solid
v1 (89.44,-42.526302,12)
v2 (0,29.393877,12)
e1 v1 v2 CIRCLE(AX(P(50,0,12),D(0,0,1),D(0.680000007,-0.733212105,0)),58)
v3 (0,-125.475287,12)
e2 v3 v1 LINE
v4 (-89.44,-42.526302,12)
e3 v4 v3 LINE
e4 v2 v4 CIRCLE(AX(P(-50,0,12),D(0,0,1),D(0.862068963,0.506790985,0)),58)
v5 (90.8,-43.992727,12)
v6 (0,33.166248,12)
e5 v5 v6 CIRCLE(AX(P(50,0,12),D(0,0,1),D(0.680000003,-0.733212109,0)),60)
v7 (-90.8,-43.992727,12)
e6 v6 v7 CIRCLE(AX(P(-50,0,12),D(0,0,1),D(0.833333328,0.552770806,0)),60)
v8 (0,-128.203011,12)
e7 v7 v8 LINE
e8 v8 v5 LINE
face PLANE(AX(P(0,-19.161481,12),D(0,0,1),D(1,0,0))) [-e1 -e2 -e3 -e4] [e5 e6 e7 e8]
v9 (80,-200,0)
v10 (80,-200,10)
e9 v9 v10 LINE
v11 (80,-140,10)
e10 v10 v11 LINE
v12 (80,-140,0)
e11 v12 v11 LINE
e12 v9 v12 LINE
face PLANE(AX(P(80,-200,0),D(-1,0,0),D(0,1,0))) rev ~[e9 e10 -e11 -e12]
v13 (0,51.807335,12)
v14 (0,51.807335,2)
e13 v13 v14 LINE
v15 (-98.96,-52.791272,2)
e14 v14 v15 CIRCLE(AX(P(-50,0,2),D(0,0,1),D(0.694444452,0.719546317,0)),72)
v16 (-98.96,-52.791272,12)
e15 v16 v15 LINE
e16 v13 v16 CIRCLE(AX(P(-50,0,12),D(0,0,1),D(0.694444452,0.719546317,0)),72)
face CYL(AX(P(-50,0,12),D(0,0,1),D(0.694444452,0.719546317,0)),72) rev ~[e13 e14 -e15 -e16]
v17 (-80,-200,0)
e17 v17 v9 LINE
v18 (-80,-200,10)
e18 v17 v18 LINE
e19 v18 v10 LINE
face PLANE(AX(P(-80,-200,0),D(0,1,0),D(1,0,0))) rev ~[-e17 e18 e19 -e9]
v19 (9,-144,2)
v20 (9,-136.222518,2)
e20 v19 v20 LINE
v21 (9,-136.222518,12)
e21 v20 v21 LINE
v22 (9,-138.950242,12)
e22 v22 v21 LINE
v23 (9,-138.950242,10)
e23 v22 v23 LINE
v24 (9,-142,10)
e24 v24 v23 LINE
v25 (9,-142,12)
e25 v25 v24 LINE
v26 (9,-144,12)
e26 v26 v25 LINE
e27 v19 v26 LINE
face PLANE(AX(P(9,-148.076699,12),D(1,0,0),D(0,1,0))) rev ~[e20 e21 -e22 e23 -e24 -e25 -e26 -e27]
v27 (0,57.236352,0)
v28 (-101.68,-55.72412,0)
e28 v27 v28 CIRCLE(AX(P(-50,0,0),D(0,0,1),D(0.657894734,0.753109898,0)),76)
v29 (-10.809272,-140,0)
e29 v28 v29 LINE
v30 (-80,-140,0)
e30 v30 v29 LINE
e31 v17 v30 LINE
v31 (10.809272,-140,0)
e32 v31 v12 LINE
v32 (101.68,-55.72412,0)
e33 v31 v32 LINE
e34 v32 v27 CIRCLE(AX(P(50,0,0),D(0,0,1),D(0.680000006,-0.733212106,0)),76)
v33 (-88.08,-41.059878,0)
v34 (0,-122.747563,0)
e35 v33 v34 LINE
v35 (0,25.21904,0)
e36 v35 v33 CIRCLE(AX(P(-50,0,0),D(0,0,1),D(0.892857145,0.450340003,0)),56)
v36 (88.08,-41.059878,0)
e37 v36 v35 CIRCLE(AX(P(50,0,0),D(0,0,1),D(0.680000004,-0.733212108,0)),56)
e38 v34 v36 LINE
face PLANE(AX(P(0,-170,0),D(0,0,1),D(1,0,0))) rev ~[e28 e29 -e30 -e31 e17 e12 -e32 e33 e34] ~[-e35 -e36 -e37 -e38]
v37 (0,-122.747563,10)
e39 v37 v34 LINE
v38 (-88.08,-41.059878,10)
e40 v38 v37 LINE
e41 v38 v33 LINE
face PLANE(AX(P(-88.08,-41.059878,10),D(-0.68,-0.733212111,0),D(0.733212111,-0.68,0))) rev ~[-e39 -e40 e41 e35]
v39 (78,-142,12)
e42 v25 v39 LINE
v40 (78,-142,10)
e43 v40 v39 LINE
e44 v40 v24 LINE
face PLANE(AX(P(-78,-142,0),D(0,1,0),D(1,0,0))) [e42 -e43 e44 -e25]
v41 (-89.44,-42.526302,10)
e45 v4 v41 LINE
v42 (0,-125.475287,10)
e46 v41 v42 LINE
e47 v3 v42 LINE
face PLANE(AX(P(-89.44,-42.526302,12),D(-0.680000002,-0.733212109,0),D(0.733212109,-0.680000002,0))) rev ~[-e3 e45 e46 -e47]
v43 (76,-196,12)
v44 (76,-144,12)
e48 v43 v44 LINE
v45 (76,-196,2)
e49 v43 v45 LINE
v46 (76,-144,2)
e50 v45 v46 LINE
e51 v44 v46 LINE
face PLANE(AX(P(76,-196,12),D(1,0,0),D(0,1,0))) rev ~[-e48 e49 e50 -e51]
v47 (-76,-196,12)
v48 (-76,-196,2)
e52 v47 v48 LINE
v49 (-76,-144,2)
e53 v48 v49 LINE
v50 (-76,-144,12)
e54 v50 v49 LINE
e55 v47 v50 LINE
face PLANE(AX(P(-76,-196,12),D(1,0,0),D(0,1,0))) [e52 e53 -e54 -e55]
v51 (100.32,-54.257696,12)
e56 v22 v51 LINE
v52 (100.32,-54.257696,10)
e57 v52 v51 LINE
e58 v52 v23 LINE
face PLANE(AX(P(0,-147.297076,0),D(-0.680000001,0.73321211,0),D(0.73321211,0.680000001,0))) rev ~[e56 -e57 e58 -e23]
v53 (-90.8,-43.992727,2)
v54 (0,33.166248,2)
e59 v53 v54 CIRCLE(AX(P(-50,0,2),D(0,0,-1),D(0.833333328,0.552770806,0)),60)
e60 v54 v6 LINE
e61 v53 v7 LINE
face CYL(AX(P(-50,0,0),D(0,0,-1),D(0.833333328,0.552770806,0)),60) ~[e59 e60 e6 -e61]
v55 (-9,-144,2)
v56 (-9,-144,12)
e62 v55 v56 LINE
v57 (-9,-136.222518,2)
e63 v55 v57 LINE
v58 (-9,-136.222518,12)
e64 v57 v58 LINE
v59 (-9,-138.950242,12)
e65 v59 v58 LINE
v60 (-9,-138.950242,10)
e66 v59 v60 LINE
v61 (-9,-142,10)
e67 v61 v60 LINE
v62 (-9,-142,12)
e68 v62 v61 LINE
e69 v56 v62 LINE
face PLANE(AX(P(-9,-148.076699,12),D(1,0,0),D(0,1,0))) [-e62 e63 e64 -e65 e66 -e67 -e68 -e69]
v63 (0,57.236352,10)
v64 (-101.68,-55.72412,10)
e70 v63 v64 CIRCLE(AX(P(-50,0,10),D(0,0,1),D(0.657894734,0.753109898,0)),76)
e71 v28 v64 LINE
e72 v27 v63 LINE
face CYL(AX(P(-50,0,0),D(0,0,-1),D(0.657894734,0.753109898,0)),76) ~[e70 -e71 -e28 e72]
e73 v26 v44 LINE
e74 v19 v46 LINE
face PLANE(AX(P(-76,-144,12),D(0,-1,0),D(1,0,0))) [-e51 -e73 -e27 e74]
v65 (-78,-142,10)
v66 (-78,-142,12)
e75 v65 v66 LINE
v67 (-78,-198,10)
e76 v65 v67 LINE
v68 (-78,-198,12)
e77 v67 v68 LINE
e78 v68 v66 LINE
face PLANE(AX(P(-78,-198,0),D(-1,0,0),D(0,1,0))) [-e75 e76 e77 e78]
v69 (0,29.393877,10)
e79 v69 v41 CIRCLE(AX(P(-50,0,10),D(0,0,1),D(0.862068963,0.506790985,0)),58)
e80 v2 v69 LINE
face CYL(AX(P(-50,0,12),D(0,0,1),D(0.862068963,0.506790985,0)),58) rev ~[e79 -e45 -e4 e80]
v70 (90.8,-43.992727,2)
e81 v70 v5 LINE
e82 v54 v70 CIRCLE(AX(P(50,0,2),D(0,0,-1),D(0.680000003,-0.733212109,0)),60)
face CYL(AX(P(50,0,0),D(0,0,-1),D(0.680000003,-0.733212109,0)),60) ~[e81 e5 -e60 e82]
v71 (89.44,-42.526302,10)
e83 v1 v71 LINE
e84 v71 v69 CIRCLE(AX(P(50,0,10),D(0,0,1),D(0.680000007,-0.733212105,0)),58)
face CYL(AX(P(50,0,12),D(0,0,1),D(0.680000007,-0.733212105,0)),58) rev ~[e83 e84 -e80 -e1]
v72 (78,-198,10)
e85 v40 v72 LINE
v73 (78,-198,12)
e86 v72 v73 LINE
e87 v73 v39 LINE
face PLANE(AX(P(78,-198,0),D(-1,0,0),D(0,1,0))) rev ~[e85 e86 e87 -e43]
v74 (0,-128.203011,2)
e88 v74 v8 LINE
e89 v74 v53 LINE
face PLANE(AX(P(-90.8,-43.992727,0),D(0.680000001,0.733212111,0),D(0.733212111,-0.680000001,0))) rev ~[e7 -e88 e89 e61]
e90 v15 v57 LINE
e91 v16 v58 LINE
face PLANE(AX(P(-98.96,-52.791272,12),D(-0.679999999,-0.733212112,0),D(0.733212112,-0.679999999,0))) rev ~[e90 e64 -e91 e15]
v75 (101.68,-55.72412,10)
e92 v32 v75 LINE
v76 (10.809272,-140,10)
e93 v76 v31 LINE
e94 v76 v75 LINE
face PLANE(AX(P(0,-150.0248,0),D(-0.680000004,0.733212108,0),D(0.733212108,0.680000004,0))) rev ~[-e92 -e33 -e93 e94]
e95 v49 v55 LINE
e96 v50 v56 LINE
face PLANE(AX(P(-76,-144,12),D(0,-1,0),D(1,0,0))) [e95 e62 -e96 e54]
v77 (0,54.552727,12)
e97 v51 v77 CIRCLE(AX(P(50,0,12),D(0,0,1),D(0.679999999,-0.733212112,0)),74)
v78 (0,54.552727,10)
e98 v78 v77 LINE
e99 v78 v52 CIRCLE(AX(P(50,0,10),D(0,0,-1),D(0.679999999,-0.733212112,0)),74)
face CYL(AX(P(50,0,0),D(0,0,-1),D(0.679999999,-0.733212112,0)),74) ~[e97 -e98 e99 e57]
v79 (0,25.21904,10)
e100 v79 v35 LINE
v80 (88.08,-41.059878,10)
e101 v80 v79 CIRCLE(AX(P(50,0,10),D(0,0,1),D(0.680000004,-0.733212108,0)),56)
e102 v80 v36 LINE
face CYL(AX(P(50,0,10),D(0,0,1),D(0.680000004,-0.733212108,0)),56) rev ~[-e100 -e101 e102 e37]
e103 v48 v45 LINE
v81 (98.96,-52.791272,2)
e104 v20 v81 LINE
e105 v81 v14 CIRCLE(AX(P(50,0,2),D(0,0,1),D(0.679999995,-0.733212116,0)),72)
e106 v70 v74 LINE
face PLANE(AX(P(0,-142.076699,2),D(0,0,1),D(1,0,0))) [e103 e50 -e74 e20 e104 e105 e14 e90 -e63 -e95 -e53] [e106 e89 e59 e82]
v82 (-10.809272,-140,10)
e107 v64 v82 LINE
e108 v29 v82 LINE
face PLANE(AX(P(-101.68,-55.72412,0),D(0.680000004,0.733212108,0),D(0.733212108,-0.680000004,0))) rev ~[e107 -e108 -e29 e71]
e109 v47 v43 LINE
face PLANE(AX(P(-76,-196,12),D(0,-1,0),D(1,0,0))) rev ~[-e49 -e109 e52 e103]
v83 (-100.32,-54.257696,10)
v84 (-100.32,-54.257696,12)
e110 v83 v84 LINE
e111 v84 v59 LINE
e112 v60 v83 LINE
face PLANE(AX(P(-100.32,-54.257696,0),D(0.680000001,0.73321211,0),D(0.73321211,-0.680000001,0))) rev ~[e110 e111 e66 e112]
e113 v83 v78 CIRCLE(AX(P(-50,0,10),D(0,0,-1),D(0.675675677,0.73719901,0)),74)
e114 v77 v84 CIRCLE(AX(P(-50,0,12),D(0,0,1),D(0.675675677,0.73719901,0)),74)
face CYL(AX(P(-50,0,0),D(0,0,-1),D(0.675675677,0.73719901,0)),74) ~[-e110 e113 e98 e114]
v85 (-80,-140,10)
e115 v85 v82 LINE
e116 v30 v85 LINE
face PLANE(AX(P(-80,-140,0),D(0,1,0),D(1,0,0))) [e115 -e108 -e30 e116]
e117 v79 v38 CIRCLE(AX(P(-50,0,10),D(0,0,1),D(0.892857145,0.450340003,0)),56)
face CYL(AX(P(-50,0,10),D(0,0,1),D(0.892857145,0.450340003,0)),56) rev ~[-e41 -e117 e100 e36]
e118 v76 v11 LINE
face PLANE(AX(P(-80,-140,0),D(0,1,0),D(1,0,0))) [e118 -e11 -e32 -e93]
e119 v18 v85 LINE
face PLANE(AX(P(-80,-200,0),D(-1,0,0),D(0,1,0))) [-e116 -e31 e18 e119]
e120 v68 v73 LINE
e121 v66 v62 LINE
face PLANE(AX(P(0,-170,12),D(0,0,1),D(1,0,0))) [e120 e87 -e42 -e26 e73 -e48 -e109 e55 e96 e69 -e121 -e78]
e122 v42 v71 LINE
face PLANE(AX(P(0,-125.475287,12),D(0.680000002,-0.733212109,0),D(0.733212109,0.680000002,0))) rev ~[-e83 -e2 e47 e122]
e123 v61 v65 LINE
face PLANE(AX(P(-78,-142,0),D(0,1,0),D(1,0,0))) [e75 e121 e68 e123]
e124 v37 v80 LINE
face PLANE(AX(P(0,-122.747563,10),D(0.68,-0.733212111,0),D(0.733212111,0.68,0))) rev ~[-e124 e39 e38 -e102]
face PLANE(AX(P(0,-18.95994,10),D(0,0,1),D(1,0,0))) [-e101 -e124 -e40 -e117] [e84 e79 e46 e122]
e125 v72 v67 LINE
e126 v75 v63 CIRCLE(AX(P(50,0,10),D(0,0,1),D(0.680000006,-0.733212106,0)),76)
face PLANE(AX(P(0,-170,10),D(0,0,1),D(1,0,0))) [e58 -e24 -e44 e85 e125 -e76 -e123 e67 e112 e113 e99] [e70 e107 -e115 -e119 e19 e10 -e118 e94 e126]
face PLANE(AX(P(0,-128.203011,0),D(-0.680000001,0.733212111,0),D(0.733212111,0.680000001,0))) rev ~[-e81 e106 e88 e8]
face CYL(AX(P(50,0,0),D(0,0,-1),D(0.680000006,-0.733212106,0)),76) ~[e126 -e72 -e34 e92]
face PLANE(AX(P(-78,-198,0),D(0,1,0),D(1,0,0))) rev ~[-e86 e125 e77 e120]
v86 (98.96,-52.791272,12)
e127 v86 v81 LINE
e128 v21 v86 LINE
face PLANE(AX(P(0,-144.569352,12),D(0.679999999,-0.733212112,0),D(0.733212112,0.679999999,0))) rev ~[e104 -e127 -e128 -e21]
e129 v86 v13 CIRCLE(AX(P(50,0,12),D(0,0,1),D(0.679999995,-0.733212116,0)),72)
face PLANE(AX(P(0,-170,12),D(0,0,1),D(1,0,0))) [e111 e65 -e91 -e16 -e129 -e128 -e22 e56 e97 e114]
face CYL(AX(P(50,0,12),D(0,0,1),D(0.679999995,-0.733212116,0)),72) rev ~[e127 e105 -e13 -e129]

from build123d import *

# Parameters (mm, degrees)
PAD_DEPTH       = 10
PAD003_DEPTH    = 12
POCKET_DEPTH    = 10
PAD004_DEPTH    = 12
POCKET004_DEPTH = 2
POCKET001_DEPTH = 10.001
SKETCH004_W     = 160
SKETCH004_H     = 60
PAD002_DEPTH    = 10
SKETCH005_W     = 156
SKETCH005_H     = 56
PAD005_DEPTH    = 12
SKETCH009_W     = 152
SKETCH009_H     = 52
POCKET006_DEPTH = 10
SKETCH006_W     = 18
SKETCH006_H     = 12
POCKET005_DEPTH = 10


with BuildPart() as part:
    # Sketch001 → Pad (new body)
    with BuildSketch(Plane.XY):
        with BuildLine():
            ThreePointArc((0, 57.236352), (-106.486482, 50.845622), (-101.68, -55.72412))
            Line((-101.68, -55.72412), (0, -150.0248))
            Line((0, -150.0248), (101.68, -55.72412))
            ThreePointArc((101.68, -55.72412), (106.486482, 50.845622), (0, 57.236352))
        make_face()
    extrude(amount=PAD_DEPTH)

    # Sketch002 → Pad003 (join)
    with BuildSketch(Plane.XY):
        with BuildLine():
            ThreePointArc((0, 54.552727), (-104.405447, 50.160217), (-100.32, -54.257696))
            Line((-100.32, -54.257696), (0, -147.297076))
            Line((0, -147.297076), (100.32, -54.257696))
            ThreePointArc((100.32, -54.257696), (104.405447, 50.160217), (0, 54.552727))
        make_face()
    extrude(amount=PAD003_DEPTH)

    # Sketch007 → Pocket (cut)
    with BuildSketch(Plane.XY.offset(12)):
        with BuildLine():
            ThreePointArc((0, 51.807335), (-102.301889, 49.482446), (-98.96, -52.791272))
            Line((-98.96, -52.791272), (0, -144.569352))
            Line((0, -144.569352), (98.96, -52.791272))
            ThreePointArc((98.96, -52.791272), (102.301889, 49.482446), (0, 51.807335))
        make_face()
    extrude(amount=-POCKET_DEPTH, mode=Mode.SUBTRACT)

    # Sketch008 → Pad004 (join)
    with BuildSketch(Plane.XY):
        with BuildLine():
            ThreePointArc((0, 33.166248), (-88.852758, 45.721583), (-90.8, -43.992727))
            Line((-90.8, -43.992727), (0, -128.203011))
            Line((0, -128.203011), (90.8, -43.992727))
            ThreePointArc((90.8, -43.992727), (88.852758, 45.721583), (0, 33.166248))
        make_face()
    extrude(amount=PAD004_DEPTH)

    # Sketch003 → Pocket004 (cut)
    with BuildSketch(Plane.XY.offset(12)):
        with BuildLine():
            ThreePointArc((0, 29.393877), (-86.345652, 45.199486), (-89.44, -42.526302))
            Line((-89.44, -42.526302), (0, -125.475287))
            Line((0, -125.475287), (89.44, -42.526302))
            ThreePointArc((89.44, -42.526302), (86.345652, 45.199486), (0, 29.393877))
        make_face()
    extrude(amount=-POCKET004_DEPTH, mode=Mode.SUBTRACT)

    # Sketch → Pocket001 (cut, through all)
    with BuildSketch(Plane.XY.offset(10)):
        with BuildLine():
            ThreePointArc((0, 25.21904), (-83.671135, 44.74656), (-88.08, -41.059878))
            Line((-88.08, -41.059878), (0, -122.747563))
            Line((0, -122.747563), (88.08, -41.059878))
            ThreePointArc((88.08, -41.059878), (83.671135, 44.74656), (0, 25.21904))
        make_face()
    extrude(amount=-POCKET001_DEPTH, mode=Mode.SUBTRACT)

    # Sketch004 → Pad002 (join)
    with BuildSketch(Plane.XY):
        with Locations((0, -170)):
            Rectangle(SKETCH004_W, SKETCH004_H)
    extrude(amount=PAD002_DEPTH)

    # Sketch005 → Pad005 (join)
    with BuildSketch(Plane.XY):
        with Locations((0, -170)):
            Rectangle(SKETCH005_W, SKETCH005_H)
    extrude(amount=PAD005_DEPTH)

    # Sketch009 → Pocket006 (cut)
    with BuildSketch(Plane.XY.offset(12)):
        with Locations((0, -170)):
            Rectangle(SKETCH009_W, SKETCH009_H)
    extrude(amount=-POCKET006_DEPTH, mode=Mode.SUBTRACT)

    # Sketch006 → Pocket005 (cut)
    with BuildSketch(Plane.XY.offset(12)):
        with Locations((0, -142.076699)):
            Rectangle(SKETCH006_W, SKETCH006_H)
    extrude(amount=-POCKET005_DEPTH, mode=Mode.SUBTRACT)


solid = part.part
